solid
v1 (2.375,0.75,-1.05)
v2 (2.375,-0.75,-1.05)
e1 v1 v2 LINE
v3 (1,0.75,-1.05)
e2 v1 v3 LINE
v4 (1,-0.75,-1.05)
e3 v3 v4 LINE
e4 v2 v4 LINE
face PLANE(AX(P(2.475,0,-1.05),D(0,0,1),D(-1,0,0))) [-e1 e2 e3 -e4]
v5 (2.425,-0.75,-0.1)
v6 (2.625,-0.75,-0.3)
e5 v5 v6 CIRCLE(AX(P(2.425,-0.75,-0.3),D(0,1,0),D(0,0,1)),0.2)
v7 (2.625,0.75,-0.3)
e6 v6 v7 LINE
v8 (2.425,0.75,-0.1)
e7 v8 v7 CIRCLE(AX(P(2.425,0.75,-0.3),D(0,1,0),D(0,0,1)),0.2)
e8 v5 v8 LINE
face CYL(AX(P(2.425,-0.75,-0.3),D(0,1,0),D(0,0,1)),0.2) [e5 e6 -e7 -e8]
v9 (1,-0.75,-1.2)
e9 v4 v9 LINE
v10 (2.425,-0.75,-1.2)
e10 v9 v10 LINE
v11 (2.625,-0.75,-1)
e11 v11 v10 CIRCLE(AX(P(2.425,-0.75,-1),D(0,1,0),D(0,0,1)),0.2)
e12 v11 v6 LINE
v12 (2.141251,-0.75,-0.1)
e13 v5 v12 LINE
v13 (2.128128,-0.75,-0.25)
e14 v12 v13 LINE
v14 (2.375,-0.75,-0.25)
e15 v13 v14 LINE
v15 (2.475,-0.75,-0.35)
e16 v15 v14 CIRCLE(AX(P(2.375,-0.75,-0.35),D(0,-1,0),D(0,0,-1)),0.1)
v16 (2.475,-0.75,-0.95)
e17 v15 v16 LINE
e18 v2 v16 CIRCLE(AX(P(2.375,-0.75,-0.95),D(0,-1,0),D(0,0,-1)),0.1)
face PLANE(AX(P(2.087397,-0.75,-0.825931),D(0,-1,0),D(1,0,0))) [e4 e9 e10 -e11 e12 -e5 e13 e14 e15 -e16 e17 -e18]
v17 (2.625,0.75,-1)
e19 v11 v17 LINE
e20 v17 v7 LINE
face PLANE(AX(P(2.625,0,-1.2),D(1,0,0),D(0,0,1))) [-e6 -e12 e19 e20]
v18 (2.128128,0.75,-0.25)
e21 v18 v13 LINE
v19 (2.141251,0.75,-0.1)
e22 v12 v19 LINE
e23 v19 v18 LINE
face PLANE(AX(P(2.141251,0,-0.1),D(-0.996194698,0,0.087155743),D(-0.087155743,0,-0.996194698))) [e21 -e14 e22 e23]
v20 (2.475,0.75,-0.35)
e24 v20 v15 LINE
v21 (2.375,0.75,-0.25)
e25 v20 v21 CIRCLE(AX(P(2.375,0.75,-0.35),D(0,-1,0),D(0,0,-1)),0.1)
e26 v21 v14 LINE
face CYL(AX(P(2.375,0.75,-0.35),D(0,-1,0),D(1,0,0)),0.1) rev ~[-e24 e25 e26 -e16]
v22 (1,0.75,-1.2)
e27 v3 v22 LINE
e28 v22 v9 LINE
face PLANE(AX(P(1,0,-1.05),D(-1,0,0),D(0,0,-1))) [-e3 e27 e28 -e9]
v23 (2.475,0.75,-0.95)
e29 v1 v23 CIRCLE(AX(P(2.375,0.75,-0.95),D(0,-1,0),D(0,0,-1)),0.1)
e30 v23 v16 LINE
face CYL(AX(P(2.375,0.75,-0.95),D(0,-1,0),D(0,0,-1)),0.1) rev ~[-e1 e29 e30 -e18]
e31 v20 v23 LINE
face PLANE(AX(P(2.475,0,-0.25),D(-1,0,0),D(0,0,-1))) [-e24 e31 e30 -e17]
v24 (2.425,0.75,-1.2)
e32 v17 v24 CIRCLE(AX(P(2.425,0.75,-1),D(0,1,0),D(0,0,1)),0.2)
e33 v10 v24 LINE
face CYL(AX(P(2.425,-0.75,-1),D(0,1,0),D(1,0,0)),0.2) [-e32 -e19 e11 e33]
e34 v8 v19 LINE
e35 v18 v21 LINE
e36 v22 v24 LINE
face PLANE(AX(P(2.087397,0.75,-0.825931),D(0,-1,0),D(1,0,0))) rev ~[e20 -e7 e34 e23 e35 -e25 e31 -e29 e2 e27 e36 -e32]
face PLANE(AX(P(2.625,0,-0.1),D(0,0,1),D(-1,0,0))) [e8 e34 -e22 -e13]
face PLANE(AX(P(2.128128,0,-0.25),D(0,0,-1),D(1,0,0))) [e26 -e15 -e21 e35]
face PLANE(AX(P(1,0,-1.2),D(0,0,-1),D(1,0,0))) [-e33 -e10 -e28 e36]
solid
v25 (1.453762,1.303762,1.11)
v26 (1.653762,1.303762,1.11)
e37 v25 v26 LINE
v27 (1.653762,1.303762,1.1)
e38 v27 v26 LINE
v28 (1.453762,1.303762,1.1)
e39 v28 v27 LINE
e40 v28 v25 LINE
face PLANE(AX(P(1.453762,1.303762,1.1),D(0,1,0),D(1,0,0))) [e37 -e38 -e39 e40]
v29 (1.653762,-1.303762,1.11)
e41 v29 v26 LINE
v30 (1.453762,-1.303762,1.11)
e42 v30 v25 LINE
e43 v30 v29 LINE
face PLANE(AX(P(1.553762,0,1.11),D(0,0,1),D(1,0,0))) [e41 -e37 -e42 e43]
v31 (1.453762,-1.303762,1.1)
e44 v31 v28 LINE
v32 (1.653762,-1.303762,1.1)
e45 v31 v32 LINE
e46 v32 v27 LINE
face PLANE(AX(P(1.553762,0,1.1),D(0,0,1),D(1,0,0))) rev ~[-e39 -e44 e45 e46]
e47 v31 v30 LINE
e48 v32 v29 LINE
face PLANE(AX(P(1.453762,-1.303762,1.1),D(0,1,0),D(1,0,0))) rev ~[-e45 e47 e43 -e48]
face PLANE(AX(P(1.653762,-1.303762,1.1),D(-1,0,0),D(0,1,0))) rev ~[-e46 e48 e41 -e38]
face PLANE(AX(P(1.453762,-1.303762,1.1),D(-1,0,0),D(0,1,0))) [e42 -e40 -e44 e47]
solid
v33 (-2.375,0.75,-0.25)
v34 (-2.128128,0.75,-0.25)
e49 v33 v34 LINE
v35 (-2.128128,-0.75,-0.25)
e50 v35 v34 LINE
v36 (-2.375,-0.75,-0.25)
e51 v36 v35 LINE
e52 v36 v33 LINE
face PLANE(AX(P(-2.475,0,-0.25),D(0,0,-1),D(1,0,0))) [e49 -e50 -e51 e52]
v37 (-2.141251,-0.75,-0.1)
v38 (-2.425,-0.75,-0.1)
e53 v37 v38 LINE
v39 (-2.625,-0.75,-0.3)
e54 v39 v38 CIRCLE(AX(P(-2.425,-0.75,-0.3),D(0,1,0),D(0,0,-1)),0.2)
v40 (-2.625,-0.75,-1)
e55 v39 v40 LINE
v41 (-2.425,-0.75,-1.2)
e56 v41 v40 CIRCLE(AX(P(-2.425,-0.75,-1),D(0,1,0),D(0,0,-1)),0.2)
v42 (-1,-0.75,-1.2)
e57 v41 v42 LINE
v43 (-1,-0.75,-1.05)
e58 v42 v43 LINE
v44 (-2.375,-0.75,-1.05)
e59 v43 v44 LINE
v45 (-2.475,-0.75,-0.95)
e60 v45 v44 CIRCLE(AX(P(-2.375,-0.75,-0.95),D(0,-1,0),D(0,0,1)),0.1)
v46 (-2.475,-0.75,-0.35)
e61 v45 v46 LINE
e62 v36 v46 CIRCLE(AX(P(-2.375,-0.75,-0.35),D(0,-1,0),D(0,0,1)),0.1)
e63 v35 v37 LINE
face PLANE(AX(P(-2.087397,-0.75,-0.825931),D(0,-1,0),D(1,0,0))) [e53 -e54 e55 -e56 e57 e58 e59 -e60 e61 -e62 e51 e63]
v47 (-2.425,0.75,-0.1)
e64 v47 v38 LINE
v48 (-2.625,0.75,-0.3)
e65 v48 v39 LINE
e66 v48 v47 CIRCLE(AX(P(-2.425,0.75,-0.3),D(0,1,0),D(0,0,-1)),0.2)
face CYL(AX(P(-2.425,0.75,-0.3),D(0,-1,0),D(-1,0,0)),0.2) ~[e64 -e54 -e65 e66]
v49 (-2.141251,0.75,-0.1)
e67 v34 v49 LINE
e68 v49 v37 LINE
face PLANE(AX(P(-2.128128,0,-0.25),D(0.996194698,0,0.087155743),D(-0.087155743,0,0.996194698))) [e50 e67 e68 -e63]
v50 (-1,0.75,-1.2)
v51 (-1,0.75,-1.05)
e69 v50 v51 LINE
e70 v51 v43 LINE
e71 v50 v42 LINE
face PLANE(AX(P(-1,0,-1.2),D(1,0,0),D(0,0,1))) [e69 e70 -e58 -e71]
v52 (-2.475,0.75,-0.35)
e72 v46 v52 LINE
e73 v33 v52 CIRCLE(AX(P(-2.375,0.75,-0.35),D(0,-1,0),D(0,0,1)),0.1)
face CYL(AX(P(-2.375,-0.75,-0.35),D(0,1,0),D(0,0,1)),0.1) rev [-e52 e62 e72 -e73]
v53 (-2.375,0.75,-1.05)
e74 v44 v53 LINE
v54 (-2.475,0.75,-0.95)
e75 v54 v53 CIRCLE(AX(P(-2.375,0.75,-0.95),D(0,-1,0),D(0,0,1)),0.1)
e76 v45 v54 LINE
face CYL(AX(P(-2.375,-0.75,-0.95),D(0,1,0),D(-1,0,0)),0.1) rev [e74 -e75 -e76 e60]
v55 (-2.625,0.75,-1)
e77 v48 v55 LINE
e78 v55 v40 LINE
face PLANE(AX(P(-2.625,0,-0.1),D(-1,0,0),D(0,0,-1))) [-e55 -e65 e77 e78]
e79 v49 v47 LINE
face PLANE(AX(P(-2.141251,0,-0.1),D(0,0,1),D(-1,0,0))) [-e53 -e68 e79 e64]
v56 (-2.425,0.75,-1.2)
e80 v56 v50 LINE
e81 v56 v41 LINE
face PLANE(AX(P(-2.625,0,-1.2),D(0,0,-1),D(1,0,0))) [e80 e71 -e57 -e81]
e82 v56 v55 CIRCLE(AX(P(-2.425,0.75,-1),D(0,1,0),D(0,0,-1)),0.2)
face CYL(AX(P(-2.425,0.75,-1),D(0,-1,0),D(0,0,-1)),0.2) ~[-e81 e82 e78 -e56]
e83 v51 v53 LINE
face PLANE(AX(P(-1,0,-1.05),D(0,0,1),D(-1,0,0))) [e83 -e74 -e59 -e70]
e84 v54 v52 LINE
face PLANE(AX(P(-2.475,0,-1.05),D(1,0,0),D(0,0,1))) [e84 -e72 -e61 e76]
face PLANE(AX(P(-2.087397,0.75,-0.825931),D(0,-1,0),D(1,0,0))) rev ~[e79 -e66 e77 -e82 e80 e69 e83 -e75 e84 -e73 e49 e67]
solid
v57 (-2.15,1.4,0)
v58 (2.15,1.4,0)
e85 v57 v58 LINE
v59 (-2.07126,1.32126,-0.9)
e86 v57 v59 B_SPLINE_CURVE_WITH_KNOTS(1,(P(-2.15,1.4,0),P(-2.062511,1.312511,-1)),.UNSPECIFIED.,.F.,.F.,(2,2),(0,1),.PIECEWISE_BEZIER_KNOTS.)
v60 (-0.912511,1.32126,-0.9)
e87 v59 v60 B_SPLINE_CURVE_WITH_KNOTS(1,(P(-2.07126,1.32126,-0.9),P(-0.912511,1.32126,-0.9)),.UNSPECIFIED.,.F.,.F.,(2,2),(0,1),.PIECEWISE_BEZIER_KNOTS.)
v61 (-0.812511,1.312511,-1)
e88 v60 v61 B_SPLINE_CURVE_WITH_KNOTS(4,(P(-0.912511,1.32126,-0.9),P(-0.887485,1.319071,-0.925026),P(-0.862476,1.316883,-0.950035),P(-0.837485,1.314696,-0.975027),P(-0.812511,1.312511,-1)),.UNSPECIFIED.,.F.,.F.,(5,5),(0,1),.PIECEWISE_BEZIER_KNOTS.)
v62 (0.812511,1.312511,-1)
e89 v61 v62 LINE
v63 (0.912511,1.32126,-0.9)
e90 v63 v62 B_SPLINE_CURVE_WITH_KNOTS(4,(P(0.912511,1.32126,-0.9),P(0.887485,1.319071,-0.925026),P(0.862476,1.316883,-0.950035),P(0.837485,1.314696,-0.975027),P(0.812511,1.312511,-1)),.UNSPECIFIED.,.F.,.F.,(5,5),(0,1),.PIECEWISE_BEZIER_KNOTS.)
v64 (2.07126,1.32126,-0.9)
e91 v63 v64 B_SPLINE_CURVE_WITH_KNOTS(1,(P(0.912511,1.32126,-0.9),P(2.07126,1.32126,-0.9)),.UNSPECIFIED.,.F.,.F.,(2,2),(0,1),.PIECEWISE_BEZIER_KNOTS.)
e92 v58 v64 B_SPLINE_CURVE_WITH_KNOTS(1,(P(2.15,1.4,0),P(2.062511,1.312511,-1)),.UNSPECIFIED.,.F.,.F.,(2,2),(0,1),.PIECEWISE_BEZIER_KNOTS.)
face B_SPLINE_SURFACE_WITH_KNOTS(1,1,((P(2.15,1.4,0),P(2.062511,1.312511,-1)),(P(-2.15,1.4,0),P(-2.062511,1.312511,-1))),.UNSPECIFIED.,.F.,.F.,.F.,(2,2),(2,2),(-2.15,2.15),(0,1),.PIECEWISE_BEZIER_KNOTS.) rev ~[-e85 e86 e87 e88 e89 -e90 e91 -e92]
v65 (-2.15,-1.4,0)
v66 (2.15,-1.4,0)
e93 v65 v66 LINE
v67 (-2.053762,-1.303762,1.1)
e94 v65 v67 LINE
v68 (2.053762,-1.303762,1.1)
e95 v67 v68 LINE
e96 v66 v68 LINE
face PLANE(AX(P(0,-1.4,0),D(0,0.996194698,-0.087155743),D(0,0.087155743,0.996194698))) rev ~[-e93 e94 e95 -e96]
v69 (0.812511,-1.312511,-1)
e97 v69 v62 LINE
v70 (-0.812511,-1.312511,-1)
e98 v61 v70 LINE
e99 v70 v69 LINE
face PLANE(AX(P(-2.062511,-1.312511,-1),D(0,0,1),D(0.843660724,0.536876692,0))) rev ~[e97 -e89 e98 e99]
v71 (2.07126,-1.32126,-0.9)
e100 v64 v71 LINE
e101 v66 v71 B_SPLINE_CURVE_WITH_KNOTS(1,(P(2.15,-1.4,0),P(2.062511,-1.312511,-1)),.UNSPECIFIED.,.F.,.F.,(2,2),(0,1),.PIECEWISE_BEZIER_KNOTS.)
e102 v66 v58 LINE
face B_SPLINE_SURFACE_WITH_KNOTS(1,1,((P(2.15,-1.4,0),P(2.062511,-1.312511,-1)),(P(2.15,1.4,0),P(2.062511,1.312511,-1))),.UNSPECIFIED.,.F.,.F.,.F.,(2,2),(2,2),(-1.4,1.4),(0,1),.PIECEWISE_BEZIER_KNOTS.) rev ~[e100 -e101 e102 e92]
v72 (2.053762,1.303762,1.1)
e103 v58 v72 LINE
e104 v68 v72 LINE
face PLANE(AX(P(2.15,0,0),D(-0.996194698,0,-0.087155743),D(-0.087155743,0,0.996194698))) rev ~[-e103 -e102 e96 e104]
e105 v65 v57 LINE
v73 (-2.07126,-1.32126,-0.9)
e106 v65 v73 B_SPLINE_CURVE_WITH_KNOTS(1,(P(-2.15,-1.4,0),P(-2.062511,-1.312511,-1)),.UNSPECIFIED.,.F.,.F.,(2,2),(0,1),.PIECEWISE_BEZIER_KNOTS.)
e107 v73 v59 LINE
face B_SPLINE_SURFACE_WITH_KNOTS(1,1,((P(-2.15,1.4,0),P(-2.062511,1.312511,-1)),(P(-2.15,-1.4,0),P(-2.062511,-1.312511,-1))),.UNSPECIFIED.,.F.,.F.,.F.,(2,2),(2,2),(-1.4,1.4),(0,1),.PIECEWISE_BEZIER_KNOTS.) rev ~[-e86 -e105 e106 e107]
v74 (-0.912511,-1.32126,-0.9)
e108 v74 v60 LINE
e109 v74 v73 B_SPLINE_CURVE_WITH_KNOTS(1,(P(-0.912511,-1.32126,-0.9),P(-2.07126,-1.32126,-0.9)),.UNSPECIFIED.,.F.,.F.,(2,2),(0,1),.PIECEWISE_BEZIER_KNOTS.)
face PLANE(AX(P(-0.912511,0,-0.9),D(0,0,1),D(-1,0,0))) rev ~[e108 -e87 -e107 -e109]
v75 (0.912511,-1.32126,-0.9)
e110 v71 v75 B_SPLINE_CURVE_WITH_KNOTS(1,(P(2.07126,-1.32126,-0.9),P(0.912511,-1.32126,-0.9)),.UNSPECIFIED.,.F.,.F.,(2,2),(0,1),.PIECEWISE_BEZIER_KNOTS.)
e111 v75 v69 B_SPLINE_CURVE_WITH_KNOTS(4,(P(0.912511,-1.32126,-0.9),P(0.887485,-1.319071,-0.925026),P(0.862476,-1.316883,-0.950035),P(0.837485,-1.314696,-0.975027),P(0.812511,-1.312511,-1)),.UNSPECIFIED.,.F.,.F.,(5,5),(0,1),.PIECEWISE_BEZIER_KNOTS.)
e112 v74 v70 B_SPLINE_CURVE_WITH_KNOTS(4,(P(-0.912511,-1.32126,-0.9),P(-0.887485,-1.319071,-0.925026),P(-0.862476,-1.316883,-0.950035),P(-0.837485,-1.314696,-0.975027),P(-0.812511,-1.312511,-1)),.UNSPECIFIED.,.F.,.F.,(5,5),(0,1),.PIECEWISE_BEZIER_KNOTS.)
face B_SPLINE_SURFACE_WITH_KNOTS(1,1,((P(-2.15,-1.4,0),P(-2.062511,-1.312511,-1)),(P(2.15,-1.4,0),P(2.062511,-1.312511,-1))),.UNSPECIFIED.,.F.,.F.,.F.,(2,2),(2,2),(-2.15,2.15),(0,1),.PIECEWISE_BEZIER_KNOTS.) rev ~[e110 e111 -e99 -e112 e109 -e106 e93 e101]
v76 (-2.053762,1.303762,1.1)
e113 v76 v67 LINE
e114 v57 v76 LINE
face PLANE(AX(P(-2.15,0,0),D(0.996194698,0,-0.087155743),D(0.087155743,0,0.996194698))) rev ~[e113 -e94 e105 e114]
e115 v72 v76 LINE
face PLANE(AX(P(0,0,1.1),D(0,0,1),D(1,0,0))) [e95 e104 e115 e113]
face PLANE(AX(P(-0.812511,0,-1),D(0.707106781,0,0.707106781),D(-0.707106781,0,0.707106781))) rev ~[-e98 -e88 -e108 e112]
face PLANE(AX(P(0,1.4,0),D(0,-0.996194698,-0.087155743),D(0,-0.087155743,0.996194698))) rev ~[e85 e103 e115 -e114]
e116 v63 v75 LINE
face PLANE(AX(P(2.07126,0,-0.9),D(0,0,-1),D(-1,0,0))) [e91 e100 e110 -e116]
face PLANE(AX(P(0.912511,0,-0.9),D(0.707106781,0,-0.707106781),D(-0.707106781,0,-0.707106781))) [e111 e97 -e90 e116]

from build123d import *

# Parameters (mm, degrees)
F0_W      = 4.3
F0_H      = 2.8
F1_DEPTH  = 1.1
F1_TAPER  = 5
F2_DEPTH  = 1
F2_TAPER  = 5
F4_DEPTH  = 0.75
F5_R      = 0.2
F5_2_R    = 0.2
F6_R      = 0.1
F6_2_R    = 0.1
F8_DEPTH  = 12.5
F9_W      = 0.2
F9_H      = 2.6075249402
F10_DEPTH = 0.01


with BuildPart() as f1:
    # F0 (on Top) → F1 (new body)
    with BuildSketch(Plane.XY):
        Rectangle(F0_W, F0_H)
    extrude(amount=F1_DEPTH, taper=F1_TAPER)

    # F0 (on Top) → F2 (join)
    with BuildSketch(Plane.XY):
        Rectangle(F0_W, F0_H)
    extrude(amount=-F2_DEPTH, taper=F2_TAPER)

    # F7 (on Front) → F8 (cut, symmetric)
    with BuildSketch(Plane.XZ):
        Polygon((2.0625113365, -1), (2.0712602028, -0.9), (0.9125113365, -0.9), (0.8125113365, -1), align=None)
        Polygon((-2.0712602028, -0.9), (-2.0625113365, -1), (-0.8125113365, -1), (-0.9125113365, -0.9), align=None)
    extrude(amount=F8_DEPTH, both=True, mode=Mode.SUBTRACT)


with BuildPart() as f4:
    # F3 (on Front) → F4 (new body, symmetric)
    with BuildSketch(Plane.XZ):
        Polygon((-2.1281278341, -0.25), (-2.1412511336, -0.1), (-2.625, -0.1), (-2.625, -1.2), (-1, -1.2), (-1, -1.05), (-2.475, -1.05), (-2.475, -0.25), align=None)
    extrude(amount=F4_DEPTH, both=True)

    # F5
    f5_edges = [f4.edges().sort_by_distance(p)[0] for p in [
        (-2.625, 0, -0.1),
        (-2.625, 0, -1.2),
    ]]
    fillet(f5_edges, radius=F5_R)

    # F6
    f6_edges = [f4.edges().sort_by_distance(p)[0] for p in [
        (-2.475, 0, -0.25),
        (-2.475, 0, -1.05),
    ]]
    fillet(f6_edges, radius=F6_R)


with BuildPart() as f4b:
    # F3 (on Front) → F4, piece 2 (new body, symmetric)
    with BuildSketch(Plane.XZ):
        Polygon((2.1412511336, -0.1), (2.1281278341, -0.25), (2.475, -0.25), (2.475, -1.05), (1, -1.05), (1, -1.2), (2.625, -1.2), (2.625, -0.1), align=None)
    extrude(amount=F4_DEPTH, both=True)

    # F5#2
    f5_2_edges = [f4b.edges().sort_by_distance(p)[0] for p in [
        (2.625, 0, -0.1),
        (2.625, 0, -1.2),
    ]]
    fillet(f5_2_edges, radius=F5_2_R)

    # F6#2
    f6_2_edges = [f4b.edges().sort_by_distance(p)[0] for p in [
        (2.475, 0, -1.05),
        (2.475, 0, -0.25),
    ]]
    fillet(f6_2_edges, radius=F6_2_R)


with BuildPart() as f10:
    # F9 (on face) → F10 (new body)
    with BuildSketch(Plane.XY.offset(1.1)):
        with Locations((1.5537624701, 0)):
            Rectangle(F9_W, F9_H)
    extrude(amount=F10_DEPTH)


solid = Compound([f1.part, f4.part, f4b.part, f10.part])
